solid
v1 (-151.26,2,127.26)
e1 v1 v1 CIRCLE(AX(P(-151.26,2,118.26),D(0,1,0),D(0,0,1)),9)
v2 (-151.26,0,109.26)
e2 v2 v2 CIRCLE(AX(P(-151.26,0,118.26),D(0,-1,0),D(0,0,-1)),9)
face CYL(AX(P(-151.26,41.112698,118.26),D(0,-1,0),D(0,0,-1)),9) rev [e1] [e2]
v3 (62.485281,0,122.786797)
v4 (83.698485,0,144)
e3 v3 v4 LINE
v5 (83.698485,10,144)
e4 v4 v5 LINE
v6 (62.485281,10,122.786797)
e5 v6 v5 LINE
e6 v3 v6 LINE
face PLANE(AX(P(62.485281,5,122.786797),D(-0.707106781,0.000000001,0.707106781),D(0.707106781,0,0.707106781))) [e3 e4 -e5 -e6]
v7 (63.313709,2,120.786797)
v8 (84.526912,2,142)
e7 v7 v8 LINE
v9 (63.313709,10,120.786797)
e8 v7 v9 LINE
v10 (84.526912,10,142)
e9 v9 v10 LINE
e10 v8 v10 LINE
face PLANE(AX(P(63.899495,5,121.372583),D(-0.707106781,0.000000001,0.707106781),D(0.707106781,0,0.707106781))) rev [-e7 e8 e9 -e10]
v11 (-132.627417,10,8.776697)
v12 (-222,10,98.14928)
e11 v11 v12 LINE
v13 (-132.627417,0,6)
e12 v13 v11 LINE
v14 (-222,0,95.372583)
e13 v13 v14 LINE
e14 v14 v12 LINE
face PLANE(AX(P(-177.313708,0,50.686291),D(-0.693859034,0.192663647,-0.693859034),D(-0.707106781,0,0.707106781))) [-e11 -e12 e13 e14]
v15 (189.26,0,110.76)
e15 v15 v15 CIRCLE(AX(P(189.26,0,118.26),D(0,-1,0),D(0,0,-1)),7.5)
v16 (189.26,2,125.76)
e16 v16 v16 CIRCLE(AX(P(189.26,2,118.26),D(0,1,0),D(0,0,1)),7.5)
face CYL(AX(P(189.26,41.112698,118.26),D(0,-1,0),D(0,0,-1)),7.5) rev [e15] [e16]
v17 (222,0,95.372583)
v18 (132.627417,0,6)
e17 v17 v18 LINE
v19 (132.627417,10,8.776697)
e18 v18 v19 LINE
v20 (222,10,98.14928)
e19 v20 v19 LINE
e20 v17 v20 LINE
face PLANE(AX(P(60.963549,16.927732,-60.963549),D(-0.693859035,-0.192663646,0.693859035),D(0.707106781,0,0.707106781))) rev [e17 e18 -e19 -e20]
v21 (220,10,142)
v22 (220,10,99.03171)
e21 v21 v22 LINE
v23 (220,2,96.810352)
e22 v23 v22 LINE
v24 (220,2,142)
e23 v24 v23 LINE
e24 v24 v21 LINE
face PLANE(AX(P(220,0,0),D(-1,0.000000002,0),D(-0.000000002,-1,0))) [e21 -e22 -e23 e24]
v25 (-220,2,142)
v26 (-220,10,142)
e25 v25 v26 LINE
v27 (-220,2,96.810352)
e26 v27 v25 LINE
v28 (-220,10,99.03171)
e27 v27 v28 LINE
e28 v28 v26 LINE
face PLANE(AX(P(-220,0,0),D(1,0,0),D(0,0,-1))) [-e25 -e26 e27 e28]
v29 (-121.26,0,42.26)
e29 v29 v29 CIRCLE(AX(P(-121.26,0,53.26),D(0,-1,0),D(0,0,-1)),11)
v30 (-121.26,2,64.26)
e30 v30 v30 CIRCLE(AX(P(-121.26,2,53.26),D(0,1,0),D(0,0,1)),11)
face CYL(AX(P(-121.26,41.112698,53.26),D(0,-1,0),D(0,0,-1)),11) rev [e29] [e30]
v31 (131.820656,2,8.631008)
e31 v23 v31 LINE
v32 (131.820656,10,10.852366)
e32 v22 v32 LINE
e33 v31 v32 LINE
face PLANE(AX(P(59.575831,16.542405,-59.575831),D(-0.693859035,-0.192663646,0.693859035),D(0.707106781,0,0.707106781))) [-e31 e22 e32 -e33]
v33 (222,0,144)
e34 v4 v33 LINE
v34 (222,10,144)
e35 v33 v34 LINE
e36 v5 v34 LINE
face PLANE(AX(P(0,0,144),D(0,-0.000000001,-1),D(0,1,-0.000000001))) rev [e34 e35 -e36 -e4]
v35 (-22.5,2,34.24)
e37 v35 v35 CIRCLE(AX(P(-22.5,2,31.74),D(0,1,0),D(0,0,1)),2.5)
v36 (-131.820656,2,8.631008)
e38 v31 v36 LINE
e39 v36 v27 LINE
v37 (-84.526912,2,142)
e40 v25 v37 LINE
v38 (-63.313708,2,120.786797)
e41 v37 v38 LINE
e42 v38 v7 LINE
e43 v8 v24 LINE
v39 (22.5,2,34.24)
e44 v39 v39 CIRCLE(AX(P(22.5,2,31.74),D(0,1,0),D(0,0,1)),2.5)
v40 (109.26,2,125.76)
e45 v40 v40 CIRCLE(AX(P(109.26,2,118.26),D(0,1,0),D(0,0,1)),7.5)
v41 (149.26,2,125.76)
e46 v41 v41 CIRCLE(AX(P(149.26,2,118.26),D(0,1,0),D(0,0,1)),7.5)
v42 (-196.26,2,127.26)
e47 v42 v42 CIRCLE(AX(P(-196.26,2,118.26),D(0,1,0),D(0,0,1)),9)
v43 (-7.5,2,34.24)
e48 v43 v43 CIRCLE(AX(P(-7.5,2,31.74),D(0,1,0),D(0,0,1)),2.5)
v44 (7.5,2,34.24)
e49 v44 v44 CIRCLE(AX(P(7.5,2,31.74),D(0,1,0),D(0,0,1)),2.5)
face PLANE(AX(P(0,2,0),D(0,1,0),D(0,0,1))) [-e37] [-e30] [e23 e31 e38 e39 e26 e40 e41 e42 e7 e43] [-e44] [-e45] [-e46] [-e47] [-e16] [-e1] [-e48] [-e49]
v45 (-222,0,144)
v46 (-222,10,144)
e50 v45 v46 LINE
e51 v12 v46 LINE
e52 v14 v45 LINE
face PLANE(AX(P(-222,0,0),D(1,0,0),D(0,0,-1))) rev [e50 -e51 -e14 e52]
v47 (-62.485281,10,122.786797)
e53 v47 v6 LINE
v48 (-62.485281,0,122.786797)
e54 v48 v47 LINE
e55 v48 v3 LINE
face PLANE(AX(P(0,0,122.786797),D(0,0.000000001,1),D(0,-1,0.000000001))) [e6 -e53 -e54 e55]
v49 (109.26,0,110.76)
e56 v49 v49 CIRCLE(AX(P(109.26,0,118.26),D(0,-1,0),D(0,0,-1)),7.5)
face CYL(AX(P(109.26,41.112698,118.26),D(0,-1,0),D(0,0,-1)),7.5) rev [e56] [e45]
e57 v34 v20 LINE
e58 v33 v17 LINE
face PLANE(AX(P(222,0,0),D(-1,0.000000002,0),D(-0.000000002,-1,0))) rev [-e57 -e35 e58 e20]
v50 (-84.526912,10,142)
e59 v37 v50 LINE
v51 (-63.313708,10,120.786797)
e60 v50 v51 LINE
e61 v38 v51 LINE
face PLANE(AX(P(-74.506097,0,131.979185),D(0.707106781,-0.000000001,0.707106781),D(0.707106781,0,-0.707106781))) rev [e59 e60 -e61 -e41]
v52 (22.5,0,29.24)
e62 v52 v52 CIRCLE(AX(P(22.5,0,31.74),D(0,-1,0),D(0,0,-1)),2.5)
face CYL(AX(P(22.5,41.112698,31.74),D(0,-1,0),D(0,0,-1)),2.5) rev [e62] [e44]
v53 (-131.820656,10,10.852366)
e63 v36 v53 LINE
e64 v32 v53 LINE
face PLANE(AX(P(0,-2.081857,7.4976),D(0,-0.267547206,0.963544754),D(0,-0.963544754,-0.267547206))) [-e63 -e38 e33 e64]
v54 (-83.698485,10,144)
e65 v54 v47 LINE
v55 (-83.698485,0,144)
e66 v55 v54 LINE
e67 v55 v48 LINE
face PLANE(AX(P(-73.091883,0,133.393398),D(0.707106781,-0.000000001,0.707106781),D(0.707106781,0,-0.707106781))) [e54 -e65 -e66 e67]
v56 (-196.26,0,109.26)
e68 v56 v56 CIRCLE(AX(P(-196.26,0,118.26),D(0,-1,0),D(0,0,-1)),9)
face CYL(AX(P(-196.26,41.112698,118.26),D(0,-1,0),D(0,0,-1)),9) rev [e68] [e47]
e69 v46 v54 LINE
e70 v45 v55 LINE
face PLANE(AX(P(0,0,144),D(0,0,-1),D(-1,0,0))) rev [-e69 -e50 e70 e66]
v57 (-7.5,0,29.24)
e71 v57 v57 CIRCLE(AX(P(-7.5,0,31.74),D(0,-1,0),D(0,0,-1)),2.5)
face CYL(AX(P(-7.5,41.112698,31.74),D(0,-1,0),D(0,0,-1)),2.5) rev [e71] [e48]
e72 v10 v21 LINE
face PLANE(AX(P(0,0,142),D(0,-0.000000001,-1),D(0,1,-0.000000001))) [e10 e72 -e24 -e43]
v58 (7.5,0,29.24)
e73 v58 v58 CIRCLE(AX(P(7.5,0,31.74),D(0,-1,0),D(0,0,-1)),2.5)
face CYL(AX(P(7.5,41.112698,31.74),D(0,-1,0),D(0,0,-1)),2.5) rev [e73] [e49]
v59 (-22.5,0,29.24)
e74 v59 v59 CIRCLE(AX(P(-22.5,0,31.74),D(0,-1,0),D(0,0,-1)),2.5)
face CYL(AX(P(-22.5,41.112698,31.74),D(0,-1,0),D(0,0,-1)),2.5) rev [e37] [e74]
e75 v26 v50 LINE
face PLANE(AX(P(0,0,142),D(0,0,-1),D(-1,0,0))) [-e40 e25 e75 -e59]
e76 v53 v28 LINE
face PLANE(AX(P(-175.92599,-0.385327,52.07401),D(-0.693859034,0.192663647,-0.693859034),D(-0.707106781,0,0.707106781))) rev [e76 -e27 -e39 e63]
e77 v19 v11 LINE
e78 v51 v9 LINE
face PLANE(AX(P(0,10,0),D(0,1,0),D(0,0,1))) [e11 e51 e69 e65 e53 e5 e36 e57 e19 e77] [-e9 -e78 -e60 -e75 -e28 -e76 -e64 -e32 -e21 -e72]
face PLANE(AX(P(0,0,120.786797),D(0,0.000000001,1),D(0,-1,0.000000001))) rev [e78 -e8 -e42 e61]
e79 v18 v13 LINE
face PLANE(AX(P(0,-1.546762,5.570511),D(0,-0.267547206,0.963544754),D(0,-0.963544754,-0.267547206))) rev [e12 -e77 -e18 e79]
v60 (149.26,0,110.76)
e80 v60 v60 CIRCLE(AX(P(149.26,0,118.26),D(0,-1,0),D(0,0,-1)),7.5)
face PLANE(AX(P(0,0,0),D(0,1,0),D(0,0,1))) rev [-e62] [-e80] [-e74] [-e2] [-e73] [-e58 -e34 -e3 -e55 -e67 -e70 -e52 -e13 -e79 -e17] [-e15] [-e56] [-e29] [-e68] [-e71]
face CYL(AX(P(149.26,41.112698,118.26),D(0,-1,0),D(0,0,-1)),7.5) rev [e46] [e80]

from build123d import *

# Parameters (mm, degrees)
SHELL1_T           = -2
SKETCH4_R          = 2.5
SKETCH4_R_2        = 7.5
SKETCH4_R_3        = 9
SKETCH4_R_4        = 11
CUT_EXTRUDE1_DEPTH = 10


with BuildPart() as part:
    # Sketch1 → Loft2 section 0
    with BuildSketch(Plane(origin=(0, 0, 0), x_dir=(1, 0, 0), z_dir=(0, 1, 0))):
        Polygon((-132.627416996, -6), (132.627416996, -6), (221.999999995, -95.372582999), (221.999999995, -144), (83.69848481, -144), (62.485281374, -122.786796564), (-62.485281374, -122.786796564), (-83.69848481, -144), (-221.999999995, -144), (-221.999999995, -95.372582999), align=None)
    # Sketch2 → Loft2 section 1
    with BuildSketch(Plane(origin=(0, 10, 0), x_dir=(1, 0, 0), z_dir=(0, 1, 0))):
        Polygon((-83.698484794, -144), (-62.485281361, -122.786796562), (62.485281387, -122.786796547), (83.69848481, -143.999999995), (222.00000001, -143.999999995), (222.00000001, -98.149280245), (132.627417005, -8.77669724), (-132.627416995, -8.77669724), (-221.999999995, -98.14928025), (-221.999999995, -144), align=None)
    loft()

    # Shell1
    shell1_openings = [part.faces().sort_by_distance(p)[0] for p in [
        (8e-09, 10, 103.542554807),
    ]]
    offset(amount=SHELL1_T, openings=shell1_openings, kind=Kind.INTERSECTION)

    # Sketch4 → Cut-Extrude1 (cut)
    with BuildSketch(Plane.XZ):
        with Locations((22.5, 31.74)):
            Circle(SKETCH4_R)
        with Locations((7.5, 31.74)):
            Circle(SKETCH4_R)
        with Locations((-7.5, 31.74)):
            Circle(SKETCH4_R)
        with Locations((-22.5, 31.74)):
            Circle(SKETCH4_R)
        with Locations((189.259999995, 118.26)):
            Circle(SKETCH4_R_2)
        with Locations((149.259999995, 118.26)):
            Circle(SKETCH4_R_2)
        with Locations((109.259999995, 118.26)):
            Circle(SKETCH4_R_2)
        with Locations((-151.259999995, 118.26)):
            Circle(SKETCH4_R_3)
        with Locations((-196.259999995, 118.26)):
            Circle(SKETCH4_R_3)
        with Locations((-121.259999995, 53.26)):
            Circle(SKETCH4_R_4)
    extrude(amount=-CUT_EXTRUDE1_DEPTH, mode=Mode.SUBTRACT)


solid = part.part
